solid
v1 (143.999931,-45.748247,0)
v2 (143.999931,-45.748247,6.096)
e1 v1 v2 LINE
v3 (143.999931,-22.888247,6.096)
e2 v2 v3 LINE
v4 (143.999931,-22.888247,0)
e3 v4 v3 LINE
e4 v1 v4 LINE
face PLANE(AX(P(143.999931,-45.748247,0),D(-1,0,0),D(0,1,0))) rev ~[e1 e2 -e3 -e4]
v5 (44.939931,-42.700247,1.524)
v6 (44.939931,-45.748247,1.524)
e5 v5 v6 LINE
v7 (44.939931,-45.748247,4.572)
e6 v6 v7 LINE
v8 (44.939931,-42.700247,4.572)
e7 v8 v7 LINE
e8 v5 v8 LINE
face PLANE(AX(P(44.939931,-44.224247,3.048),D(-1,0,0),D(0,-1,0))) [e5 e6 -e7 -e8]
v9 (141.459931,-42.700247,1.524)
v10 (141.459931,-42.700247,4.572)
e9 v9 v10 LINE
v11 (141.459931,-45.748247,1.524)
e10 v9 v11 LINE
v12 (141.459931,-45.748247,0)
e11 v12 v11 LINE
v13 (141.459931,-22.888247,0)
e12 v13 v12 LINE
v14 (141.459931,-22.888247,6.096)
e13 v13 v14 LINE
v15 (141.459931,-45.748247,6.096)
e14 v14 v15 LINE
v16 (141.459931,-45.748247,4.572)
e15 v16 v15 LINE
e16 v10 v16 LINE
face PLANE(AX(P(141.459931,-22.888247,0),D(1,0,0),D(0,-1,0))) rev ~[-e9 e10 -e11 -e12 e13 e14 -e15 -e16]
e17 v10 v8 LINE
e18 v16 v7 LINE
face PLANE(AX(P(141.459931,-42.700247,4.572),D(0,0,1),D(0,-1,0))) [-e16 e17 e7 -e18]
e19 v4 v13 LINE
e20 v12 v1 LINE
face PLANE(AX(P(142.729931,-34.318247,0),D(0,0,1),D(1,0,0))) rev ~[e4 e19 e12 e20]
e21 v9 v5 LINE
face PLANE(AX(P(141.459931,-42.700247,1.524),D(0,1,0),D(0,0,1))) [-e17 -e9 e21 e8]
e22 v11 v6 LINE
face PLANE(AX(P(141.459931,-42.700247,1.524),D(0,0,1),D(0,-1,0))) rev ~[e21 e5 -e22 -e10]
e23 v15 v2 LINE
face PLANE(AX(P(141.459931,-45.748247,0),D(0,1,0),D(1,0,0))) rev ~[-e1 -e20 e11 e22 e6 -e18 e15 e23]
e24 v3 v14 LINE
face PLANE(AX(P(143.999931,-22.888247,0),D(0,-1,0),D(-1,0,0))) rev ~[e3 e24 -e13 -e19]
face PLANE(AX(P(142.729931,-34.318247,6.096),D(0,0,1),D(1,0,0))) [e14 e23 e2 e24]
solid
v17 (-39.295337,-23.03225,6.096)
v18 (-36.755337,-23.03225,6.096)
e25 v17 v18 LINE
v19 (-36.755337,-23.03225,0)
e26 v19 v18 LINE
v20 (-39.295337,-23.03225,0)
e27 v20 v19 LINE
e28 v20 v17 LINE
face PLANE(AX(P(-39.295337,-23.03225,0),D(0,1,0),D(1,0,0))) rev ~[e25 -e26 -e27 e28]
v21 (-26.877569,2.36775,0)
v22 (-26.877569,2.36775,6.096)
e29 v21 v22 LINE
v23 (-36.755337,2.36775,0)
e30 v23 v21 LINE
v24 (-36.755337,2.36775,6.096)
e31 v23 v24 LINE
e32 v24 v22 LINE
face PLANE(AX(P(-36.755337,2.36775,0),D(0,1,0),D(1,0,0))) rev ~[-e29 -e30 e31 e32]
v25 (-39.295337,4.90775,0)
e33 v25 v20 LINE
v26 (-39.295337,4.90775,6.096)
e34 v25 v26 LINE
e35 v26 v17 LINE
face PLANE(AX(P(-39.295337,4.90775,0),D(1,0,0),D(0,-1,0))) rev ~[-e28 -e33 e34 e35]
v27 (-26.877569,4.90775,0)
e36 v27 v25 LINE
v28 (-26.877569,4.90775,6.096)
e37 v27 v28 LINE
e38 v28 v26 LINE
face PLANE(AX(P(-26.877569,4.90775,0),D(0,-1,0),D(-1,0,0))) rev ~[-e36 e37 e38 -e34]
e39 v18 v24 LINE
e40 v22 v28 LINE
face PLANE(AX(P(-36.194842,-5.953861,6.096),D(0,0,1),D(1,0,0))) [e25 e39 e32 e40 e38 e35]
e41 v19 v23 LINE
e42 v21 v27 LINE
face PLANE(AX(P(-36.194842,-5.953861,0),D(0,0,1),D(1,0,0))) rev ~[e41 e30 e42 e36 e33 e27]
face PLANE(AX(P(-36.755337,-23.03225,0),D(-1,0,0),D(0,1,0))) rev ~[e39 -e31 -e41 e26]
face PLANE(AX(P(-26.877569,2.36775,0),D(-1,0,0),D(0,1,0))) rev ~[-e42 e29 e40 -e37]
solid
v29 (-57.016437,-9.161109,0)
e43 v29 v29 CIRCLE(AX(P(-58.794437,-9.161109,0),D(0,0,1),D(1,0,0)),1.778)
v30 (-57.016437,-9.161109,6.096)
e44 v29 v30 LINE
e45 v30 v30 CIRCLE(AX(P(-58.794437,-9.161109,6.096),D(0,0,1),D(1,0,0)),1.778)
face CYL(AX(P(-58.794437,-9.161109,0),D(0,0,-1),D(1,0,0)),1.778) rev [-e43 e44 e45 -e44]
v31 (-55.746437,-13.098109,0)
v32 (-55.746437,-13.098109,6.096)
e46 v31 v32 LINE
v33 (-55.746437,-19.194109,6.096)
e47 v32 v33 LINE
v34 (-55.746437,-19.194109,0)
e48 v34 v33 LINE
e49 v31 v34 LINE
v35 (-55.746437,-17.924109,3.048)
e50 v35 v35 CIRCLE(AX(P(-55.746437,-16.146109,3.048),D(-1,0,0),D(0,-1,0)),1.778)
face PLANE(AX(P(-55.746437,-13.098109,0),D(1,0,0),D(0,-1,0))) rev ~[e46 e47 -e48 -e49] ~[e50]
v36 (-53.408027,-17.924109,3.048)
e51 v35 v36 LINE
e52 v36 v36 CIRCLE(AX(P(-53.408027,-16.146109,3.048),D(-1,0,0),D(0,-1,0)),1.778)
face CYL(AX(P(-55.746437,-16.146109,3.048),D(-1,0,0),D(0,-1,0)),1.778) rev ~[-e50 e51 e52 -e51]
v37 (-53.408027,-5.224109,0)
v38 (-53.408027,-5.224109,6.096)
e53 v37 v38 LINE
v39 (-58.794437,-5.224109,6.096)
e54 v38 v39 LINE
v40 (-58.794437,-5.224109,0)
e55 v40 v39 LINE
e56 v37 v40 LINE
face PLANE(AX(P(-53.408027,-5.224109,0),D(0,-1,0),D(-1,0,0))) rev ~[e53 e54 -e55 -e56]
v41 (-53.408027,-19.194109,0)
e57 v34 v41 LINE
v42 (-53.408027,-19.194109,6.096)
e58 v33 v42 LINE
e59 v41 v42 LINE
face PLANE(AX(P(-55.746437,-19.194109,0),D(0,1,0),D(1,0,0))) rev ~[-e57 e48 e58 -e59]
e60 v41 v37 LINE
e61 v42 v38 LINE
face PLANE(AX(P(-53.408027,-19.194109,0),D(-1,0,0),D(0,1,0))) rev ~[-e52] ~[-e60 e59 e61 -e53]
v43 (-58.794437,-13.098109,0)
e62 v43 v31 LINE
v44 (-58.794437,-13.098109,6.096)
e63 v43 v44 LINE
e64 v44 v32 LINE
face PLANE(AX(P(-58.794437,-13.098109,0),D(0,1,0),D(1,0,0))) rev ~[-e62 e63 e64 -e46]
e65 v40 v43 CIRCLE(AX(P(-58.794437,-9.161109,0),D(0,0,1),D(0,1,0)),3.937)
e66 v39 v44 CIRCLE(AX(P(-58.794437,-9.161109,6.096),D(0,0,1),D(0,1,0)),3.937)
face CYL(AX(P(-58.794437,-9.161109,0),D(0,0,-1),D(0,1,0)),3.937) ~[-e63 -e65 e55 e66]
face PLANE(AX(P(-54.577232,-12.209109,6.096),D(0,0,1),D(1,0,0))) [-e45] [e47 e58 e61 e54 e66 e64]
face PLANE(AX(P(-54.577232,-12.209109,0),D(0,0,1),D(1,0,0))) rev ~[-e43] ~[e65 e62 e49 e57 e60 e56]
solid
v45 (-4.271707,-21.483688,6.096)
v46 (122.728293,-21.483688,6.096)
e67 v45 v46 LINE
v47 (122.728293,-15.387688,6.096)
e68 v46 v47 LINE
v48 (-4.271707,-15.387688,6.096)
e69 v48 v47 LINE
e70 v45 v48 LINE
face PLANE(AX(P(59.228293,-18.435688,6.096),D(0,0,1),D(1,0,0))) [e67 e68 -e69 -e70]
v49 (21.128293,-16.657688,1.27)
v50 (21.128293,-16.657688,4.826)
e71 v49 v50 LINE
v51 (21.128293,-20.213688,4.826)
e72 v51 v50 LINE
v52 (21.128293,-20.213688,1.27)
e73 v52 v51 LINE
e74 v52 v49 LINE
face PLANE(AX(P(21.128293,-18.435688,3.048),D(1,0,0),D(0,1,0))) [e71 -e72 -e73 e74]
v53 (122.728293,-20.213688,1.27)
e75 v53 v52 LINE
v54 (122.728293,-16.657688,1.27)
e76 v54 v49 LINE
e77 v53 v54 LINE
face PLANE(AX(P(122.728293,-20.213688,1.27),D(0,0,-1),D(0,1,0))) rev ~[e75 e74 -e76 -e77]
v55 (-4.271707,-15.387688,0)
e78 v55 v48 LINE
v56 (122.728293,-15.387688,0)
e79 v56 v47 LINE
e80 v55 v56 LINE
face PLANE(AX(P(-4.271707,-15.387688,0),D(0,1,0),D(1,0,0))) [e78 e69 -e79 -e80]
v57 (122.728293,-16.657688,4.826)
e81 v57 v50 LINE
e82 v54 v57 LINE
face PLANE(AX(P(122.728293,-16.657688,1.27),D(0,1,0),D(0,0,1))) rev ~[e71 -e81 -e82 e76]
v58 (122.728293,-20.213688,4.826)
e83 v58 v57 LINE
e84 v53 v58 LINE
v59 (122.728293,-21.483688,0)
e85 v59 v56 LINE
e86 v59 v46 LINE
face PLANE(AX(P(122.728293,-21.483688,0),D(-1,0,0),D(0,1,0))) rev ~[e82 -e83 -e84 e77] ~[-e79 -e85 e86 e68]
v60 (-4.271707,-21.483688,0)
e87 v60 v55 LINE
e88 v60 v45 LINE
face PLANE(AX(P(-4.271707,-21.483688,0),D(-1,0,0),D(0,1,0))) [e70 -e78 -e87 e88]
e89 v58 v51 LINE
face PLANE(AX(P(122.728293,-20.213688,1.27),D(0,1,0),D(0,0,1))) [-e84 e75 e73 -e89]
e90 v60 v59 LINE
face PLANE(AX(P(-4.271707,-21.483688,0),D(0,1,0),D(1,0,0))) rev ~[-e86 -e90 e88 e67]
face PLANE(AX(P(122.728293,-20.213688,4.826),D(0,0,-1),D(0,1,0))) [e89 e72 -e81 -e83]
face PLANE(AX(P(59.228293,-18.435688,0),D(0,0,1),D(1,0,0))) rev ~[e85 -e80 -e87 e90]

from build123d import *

# Parameters (mm, degrees)
F1_DEPTH  = 6.096
F2_W      = 127
F2_H      = 6.096
F3_DEPTH  = 6.096
F4_W      = 3.556
F4_H      = 3.556
F5_DEPTH  = 101.6
F7_DEPTH  = 6.096
F8_W      = 3.048
F8_H      = 3.048
F9_DEPTH  = 96.52
F10_R     = 1.778
F11_DEPTH = 6.096
F12_R     = 1.778
F13_DEPTH = 2.33841


with BuildPart() as f1:
    # F0 (on Top) → F1 (new body)
    with BuildSketch(Plane.XY):
        Polygon((-26.877569, 2.36775), (-26.877569, 4.90775), (-39.295337, 4.90775), (-39.295337, -23.03225), (-36.755337, -23.03225), (-36.755337, 2.36775), align=None)
    extrude(amount=F1_DEPTH)


with BuildPart() as f3:
    # F2 (on Top) → F3 (new body)
    with BuildSketch(Plane.XY):
        with Locations((59.228293, -18.435688)):
            Rectangle(F2_W, F2_H)
    extrude(amount=F3_DEPTH)

    # F4 (on face) → F5 (cut)
    with BuildSketch(Plane.YZ.offset(122.728293)):
        with Locations((-18.435688, 3.048)):
            Rectangle(F4_W, F4_H)
    extrude(amount=-F5_DEPTH, mode=Mode.SUBTRACT)


with BuildPart() as f7:
    # F6 (on Top) → F7 (new body)
    with BuildSketch(Plane.XY):
        Polygon((141.459931, -25.428247), (141.459931, -45.748247), (143.999931, -45.748247), (143.999931, -22.888247), (141.459931, -22.888247), align=None)
    extrude(amount=F7_DEPTH)

    # F8 (on face) → F9 (join)
    with BuildSketch(Plane(origin=(141.459931, 0, 0), x_dir=(0, -1, 0), z_dir=(-1, 0, 0))):
        with Locations((44.224247, 3.048)):
            Rectangle(F8_W, F8_H)
    extrude(amount=F9_DEPTH)


with BuildPart() as f11:
    # F10 (on Top) → F11 (new body)
    with BuildSketch(Plane.XY):
        Polygon((-55.746437, -19.194109), (-53.408027, -19.194109), (-53.408027, -5.224109), (-55.746437, -5.224109), (-55.746437, -13.098109), align=None)
        with BuildLine():
            Line((-58.794437, -13.098109), (-55.746437, -13.098109))
            Line((-55.746437, -13.098109), (-55.746437, -5.224109))
            Line((-55.746437, -5.224109), (-58.794437, -5.224109))
            ThreePointArc((-58.794437, -5.224109), (-62.731437, -9.161109), (-58.794437, -13.098109))
        make_face()
        with Locations((-58.794437, -9.161109)):
            Circle(F10_R, mode=Mode.SUBTRACT)
    extrude(amount=F11_DEPTH)

    # F12 (on face) → F13 (cut, through all)
    with BuildSketch(Plane(origin=(-55.746437, 0, 0), x_dir=(0, -1, 0), z_dir=(-1, 0, 0))):
        with Locations((16.146109, 3.048)):
            Circle(F12_R)
    extrude(amount=-F13_DEPTH, mode=Mode.SUBTRACT)


solid = Compound([f1.part, f3.part, f7.part, f11.part])
